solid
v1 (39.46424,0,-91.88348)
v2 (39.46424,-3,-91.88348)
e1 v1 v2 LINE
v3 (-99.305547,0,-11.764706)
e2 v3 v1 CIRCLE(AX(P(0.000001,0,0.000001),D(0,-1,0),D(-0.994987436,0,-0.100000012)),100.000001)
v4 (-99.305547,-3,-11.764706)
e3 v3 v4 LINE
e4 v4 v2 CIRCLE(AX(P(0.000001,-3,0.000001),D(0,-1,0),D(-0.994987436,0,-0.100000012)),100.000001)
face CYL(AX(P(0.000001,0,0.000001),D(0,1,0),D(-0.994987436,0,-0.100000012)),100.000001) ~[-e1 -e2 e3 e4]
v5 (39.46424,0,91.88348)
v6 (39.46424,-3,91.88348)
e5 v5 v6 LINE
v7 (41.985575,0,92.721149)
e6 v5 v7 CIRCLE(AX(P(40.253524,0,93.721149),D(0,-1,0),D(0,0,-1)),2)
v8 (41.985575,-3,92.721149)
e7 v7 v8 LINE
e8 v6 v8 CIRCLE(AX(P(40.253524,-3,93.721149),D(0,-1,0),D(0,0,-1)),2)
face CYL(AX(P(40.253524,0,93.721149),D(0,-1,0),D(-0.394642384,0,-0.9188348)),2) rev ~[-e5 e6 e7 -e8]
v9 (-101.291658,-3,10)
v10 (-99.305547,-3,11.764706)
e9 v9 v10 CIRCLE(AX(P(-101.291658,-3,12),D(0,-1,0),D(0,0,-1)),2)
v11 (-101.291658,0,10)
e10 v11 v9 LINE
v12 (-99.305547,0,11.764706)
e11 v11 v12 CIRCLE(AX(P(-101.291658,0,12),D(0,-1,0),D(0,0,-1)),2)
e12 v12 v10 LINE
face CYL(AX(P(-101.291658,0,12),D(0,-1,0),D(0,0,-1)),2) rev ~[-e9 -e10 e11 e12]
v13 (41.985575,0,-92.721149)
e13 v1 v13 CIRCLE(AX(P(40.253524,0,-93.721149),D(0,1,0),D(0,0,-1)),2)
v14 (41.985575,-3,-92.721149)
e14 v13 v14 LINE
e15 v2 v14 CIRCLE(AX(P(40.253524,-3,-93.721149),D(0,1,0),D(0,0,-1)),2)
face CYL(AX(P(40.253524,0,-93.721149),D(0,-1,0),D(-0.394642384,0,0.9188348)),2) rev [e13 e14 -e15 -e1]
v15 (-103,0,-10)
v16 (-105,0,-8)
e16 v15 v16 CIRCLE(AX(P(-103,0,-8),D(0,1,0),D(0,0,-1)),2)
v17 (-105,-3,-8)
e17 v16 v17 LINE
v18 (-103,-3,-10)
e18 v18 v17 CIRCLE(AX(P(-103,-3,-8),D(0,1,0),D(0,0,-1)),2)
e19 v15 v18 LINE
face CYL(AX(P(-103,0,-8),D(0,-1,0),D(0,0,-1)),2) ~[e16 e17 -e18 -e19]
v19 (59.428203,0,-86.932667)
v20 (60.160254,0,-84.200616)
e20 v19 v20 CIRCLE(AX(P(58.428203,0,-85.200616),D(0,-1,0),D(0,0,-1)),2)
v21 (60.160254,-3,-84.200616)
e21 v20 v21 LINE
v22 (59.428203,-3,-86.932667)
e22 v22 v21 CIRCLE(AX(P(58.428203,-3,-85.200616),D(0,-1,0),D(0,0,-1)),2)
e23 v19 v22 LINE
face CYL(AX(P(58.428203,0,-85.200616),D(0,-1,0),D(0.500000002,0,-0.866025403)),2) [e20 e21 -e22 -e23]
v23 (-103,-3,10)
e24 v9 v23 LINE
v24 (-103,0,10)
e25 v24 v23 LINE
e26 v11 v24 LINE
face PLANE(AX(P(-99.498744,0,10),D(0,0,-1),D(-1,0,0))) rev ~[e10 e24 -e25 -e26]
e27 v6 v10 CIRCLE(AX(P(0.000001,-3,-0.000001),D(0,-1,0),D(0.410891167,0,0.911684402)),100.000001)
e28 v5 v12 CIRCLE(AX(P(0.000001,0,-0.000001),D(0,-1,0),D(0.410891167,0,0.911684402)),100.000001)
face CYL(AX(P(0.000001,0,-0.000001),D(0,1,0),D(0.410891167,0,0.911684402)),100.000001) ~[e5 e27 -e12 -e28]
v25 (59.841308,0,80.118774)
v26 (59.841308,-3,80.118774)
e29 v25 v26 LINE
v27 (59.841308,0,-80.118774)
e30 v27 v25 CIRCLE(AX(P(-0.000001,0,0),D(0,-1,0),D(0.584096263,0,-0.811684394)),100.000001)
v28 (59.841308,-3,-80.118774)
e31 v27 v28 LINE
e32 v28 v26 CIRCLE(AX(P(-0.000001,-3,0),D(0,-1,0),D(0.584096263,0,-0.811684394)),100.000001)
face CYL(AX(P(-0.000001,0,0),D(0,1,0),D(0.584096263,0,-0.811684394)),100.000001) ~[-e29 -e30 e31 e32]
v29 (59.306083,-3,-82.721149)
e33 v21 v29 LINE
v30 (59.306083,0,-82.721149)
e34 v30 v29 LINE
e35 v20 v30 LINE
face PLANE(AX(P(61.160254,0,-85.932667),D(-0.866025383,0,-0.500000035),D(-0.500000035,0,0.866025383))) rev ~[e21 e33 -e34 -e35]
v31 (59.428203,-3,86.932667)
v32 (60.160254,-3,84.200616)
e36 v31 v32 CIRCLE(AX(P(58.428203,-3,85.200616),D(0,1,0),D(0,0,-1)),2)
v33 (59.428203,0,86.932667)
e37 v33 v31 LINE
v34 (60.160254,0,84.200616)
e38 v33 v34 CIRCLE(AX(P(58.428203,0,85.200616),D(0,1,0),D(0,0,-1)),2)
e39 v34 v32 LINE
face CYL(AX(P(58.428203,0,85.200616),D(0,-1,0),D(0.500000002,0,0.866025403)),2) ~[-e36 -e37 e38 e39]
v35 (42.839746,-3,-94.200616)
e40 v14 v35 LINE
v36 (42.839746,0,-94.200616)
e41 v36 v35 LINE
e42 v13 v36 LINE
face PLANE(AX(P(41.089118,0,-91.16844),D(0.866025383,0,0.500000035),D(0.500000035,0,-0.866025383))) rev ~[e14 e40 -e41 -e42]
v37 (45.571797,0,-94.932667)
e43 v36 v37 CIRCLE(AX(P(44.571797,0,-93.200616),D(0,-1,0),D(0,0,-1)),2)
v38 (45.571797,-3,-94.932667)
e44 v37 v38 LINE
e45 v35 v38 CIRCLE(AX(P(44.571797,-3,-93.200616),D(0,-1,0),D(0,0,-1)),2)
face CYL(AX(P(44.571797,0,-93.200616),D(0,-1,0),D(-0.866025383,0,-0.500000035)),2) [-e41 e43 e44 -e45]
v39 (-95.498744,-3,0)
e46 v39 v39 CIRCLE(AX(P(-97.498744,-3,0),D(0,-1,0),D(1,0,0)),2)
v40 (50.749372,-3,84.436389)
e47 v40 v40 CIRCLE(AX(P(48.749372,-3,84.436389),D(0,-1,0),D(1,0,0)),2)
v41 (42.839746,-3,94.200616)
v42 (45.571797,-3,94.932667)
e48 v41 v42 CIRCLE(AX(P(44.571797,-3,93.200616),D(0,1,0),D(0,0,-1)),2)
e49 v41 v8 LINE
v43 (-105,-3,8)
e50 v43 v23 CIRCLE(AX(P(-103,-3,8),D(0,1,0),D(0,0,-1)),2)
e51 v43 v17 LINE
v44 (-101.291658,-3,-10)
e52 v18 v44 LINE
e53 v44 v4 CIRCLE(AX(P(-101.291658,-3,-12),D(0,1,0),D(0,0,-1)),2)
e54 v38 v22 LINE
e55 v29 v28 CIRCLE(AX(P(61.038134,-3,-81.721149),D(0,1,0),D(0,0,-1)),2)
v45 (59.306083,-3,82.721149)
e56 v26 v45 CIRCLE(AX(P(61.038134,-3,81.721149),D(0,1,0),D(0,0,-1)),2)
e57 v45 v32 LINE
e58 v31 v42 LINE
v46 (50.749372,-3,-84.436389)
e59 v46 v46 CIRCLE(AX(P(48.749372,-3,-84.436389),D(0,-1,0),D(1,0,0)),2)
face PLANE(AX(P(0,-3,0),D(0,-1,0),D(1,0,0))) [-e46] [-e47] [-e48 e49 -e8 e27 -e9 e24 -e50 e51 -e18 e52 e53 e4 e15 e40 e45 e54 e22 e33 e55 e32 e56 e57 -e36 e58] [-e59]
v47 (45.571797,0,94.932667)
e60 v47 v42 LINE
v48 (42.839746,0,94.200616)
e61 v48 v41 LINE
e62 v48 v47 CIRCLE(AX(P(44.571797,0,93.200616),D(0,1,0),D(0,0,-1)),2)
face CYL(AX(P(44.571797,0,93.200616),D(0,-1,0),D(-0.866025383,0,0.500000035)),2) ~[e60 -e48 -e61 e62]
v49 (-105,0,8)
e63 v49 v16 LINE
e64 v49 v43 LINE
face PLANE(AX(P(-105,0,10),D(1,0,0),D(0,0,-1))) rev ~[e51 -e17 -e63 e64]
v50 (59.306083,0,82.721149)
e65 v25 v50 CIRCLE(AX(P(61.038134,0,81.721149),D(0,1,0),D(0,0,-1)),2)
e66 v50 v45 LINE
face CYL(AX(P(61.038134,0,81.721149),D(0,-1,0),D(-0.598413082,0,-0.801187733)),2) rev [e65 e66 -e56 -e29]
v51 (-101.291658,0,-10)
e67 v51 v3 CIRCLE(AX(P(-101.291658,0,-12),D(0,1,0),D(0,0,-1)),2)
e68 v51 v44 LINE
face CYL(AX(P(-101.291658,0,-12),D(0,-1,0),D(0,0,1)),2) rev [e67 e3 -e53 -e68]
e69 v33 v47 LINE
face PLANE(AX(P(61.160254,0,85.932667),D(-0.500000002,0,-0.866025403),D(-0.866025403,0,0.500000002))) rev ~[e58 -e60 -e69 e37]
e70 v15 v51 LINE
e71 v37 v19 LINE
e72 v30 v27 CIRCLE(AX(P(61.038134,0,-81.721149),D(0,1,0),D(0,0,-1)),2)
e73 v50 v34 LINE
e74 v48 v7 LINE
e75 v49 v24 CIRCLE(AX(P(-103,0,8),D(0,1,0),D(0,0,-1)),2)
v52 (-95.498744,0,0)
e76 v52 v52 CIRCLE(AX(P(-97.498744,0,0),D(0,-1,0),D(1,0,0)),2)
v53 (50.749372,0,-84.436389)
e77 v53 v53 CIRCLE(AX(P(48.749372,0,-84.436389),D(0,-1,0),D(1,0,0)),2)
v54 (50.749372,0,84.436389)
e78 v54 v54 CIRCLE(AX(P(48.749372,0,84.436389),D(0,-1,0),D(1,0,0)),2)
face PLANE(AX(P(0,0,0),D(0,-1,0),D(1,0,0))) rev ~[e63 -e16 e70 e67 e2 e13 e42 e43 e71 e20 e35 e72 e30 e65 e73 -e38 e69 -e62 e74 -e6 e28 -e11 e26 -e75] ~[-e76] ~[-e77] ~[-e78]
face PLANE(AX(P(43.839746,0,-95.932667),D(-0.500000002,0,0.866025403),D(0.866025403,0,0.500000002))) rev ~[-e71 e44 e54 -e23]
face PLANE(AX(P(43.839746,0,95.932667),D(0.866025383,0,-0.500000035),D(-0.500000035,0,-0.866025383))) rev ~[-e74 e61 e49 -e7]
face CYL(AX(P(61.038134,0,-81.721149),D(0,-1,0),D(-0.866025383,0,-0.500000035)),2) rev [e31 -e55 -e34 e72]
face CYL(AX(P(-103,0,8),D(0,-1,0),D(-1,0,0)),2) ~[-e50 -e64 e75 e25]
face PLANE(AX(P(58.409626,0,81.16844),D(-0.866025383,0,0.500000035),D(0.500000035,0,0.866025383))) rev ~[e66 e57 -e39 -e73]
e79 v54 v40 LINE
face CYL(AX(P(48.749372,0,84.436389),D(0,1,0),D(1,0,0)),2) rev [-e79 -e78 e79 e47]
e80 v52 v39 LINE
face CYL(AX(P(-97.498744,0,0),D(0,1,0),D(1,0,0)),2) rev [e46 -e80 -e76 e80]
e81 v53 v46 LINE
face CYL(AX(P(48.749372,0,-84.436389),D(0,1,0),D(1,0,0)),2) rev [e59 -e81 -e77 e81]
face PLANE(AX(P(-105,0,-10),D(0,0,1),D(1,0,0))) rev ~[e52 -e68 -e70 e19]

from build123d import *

# Parameters (mm, degrees)
F0_R     = 2
F1_DEPTH = 3
F2_R     = 2
F3_R     = 2


with BuildPart() as f1:
    # F0 (on Front) → F1 (new body)
    with BuildSketch(Plane.XZ):
        with BuildLine():
            Line((-105, -10), (-99.498744, -10))
            ThreePointArc((-99.498744, -10), (-50, -86.60254), (41.089118, -91.16844))
            Line((41.089118, -91.16844), (43.839746, -95.932667))
            Line((43.839746, -95.932667), (61.160254, -85.932667))
            Line((61.160254, -85.932667), (58.409626, -81.16844))
            ThreePointArc((58.409626, -81.16844), (100, 0), (58.409626, 81.16844))
            Line((58.409626, 81.16844), (61.160254, 85.932667))
            Line((61.160254, 85.932667), (43.839746, 95.932667))
            Line((43.839746, 95.932667), (41.089118, 91.16844))
            ThreePointArc((41.089118, 91.16844), (-50, 86.60254), (-99.498744, 10))
            Line((-99.498744, 10), (-105, 10))
            Line((-105, 10), (-105, -10))
        make_face()
        with Locations((48.749372, -84.436389)):
            Circle(F0_R, mode=Mode.SUBTRACT)
        with Locations((-97.498744, 0)):
            Circle(F0_R, mode=Mode.SUBTRACT)
        with Locations((48.749372, 84.436389)):
            Circle(F0_R, mode=Mode.SUBTRACT)
    extrude(amount=F1_DEPTH)

    # F2
    f2_edges = [f1.edges().sort_by_distance(p)[0] for p in [
        (58.409626, -1.5, 81.16844),
        (41.089118, -1.5, 91.16844),
        (58.409626, -1.5, -81.16844),
        (41.089118, -1.5, -91.16844),
        (-99.498744, -1.5, -10),
        (-99.498744, -1.5, 10),
    ]]
    fillet(f2_edges, radius=F2_R)

    # F3
    f3_edges = [f1.edges().sort_by_distance(p)[0] for p in [
        (61.160254, -1.5, 85.932667),
        (43.839746, -1.5, 95.932667),
        (-105, -1.5, 10),
        (-105, -1.5, -10),
        (43.839746, -1.5, -95.932667),
        (61.160254, -1.5, -85.932667),
    ]]
    fillet(f3_edges, radius=F3_R)


solid = f1.part
